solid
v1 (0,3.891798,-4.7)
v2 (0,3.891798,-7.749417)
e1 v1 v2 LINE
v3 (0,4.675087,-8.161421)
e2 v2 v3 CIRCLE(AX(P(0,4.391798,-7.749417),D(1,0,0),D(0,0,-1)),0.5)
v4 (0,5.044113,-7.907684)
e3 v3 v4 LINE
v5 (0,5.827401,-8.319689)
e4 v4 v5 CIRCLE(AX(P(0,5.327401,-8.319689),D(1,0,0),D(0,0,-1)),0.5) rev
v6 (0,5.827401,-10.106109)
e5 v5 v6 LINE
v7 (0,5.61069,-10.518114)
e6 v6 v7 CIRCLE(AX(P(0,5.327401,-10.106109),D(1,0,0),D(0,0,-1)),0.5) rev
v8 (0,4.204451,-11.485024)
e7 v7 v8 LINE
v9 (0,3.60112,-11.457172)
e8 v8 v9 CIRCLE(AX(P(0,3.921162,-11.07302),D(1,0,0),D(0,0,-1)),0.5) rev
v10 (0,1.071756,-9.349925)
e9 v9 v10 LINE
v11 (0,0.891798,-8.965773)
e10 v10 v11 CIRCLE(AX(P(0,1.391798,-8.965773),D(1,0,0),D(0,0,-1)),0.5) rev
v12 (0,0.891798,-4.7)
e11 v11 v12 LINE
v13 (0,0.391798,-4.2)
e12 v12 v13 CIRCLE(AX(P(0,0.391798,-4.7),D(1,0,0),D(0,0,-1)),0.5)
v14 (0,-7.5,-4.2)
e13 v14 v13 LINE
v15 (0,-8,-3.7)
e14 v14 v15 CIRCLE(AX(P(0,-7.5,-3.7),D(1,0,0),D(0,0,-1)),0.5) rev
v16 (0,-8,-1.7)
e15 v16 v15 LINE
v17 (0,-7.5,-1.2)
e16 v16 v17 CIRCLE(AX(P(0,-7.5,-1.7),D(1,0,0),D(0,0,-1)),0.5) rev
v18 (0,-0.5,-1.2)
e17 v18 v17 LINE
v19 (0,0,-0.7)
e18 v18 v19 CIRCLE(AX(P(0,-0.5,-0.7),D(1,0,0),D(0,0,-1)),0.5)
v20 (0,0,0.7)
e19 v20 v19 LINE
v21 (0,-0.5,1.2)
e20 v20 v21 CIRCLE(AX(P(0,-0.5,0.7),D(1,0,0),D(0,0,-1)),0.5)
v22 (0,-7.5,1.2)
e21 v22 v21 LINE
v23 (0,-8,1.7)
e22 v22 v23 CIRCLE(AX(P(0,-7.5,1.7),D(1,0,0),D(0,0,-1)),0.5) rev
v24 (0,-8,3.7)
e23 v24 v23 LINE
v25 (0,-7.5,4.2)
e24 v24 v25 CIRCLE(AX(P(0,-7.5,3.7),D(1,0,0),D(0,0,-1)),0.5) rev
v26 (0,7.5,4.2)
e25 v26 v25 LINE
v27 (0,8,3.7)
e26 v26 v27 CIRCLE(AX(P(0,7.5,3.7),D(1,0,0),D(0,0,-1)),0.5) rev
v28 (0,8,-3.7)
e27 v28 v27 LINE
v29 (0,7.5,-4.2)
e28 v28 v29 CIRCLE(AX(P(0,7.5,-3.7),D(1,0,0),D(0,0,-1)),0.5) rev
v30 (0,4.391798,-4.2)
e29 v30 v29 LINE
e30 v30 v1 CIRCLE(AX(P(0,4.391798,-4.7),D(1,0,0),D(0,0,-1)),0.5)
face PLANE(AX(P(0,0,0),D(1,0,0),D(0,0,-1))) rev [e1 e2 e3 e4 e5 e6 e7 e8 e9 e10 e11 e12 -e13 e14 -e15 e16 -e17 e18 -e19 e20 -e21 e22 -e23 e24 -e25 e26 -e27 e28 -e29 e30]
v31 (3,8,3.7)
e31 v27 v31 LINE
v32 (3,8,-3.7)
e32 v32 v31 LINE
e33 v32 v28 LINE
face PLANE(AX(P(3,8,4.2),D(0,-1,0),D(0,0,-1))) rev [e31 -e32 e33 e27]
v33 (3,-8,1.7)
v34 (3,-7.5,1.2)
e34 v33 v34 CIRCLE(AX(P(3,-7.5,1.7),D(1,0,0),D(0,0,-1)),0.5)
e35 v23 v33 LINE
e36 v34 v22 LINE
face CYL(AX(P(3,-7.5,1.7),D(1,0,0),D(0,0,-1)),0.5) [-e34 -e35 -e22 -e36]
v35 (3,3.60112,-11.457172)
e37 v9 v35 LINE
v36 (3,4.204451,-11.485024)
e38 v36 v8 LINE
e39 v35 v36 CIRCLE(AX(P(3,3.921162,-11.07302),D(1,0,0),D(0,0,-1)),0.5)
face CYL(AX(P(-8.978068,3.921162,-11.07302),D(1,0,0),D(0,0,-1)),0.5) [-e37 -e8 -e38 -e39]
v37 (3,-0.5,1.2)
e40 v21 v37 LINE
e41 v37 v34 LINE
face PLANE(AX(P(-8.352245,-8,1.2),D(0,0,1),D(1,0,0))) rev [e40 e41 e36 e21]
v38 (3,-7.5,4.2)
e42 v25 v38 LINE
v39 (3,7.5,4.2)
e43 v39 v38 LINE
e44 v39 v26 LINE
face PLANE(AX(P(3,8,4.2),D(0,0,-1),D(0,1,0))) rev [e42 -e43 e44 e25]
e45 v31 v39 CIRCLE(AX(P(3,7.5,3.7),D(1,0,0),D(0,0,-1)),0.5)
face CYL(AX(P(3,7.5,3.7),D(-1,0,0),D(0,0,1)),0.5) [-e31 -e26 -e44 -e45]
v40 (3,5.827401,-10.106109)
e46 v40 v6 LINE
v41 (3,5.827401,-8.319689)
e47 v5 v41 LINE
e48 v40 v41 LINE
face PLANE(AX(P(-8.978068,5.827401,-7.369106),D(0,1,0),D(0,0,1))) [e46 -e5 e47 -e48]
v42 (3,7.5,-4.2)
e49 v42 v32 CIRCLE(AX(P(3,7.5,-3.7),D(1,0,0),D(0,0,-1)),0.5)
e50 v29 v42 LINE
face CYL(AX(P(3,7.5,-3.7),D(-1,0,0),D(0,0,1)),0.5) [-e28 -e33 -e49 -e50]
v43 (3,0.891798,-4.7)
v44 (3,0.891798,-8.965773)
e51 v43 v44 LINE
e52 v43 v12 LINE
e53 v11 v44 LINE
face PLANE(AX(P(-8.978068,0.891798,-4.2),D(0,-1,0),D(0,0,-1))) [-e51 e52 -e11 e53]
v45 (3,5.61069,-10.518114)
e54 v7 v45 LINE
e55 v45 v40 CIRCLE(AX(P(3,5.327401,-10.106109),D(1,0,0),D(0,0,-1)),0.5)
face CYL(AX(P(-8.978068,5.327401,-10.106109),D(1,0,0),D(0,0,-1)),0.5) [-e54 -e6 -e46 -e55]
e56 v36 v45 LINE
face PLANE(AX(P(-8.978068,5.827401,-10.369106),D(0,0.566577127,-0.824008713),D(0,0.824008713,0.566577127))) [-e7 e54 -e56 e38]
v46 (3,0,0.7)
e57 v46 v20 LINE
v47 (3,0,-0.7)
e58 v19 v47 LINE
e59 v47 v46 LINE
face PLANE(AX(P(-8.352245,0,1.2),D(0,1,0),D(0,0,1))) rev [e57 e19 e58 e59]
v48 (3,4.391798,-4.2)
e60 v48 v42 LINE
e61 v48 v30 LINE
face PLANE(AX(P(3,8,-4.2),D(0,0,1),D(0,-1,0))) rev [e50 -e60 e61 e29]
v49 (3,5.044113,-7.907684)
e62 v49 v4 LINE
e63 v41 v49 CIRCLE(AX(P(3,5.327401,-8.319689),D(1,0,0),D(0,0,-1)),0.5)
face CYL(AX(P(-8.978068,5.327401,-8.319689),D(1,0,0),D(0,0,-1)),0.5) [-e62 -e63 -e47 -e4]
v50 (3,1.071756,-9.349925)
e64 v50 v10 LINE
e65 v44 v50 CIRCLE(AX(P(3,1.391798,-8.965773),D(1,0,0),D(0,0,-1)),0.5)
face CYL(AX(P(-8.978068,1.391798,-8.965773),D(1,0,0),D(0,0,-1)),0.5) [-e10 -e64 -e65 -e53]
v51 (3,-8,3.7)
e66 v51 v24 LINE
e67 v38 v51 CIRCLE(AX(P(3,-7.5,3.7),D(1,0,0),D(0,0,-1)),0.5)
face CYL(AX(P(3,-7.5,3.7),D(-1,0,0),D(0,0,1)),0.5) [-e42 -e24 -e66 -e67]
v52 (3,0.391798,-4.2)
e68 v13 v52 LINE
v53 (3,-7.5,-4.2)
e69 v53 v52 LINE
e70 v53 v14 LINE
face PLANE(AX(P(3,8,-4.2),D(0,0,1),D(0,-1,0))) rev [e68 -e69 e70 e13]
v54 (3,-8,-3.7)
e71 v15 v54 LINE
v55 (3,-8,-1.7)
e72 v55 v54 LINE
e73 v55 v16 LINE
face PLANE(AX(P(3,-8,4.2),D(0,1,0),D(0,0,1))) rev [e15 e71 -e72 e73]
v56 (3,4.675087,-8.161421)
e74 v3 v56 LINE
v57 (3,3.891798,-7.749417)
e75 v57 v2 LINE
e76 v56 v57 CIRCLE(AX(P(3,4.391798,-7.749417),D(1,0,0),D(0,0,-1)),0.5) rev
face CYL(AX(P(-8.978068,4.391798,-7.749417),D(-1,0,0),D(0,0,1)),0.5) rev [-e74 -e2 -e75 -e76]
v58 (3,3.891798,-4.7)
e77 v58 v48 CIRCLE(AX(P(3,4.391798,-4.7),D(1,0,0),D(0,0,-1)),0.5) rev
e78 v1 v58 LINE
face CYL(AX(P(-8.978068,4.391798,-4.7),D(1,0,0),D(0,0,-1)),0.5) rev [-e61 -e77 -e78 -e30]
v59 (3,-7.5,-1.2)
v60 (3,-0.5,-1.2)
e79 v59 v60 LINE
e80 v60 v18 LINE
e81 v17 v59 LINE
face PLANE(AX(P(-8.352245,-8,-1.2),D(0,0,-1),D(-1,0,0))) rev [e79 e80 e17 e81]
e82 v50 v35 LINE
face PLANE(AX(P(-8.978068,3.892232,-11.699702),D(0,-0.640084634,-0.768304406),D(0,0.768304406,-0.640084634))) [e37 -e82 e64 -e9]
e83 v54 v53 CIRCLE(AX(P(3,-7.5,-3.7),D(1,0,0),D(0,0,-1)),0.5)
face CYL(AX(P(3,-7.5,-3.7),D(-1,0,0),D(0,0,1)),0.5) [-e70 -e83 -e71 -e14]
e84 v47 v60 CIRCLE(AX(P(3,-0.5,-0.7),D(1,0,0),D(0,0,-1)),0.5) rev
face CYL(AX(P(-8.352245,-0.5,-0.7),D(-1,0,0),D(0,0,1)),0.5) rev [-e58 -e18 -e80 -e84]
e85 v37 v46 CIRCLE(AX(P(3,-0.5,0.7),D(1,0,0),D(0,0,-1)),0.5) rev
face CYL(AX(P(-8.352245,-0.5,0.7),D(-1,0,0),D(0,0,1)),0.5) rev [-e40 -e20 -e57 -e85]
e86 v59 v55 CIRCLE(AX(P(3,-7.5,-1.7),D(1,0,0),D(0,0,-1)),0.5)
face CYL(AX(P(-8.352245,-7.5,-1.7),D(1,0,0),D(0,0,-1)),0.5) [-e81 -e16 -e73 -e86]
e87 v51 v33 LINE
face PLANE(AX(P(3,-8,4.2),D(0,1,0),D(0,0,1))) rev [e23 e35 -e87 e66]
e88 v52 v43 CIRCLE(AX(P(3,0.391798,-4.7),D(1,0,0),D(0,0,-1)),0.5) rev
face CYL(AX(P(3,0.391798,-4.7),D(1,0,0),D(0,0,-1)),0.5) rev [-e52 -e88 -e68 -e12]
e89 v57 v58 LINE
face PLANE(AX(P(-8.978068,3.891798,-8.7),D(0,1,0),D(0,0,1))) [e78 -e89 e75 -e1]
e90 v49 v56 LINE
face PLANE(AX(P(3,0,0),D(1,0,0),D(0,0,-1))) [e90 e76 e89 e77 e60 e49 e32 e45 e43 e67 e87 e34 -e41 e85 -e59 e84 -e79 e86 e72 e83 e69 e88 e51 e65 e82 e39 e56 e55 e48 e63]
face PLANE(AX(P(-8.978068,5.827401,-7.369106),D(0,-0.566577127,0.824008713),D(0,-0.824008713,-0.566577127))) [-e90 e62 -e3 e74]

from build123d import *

# Parameters (mm, degrees)
CROQUIS1_W              = 8.4
CROQUIS1_H              = 16
SALIENTE_EXTRUIR1_DEPTH = 3
CROQUIS2_W              = 2.4
CROQUIS2_H              = 8
CORTAR_EXTRUIR1_DEPTH   = 3
SALIENTE_EXTRUIR2_DEPTH = 3
REDONDEO1_R             = 0.5


with BuildPart() as part:
    # Croquis1 → Saliente-Extruir1 (new body)
    with BuildSketch(Plane(origin=(0, 0, 0), x_dir=(0, 0, -1), z_dir=(1, 0, 0))):
        Rectangle(CROQUIS1_W, CROQUIS1_H)
    extrude(amount=SALIENTE_EXTRUIR1_DEPTH)

    # Croquis2 → Cortar-Extruir1 (cut)
    with BuildSketch(Plane(origin=(3, 0, 0), x_dir=(0, 0, -1), z_dir=(1, 0, 0))):
        with Locations((0, -4)):
            Rectangle(CROQUIS2_W, CROQUIS2_H)
    extrude(amount=-CORTAR_EXTRUIR1_DEPTH, mode=Mode.SUBTRACT)

    # Croquis4 → Saliente-Extruir2 (add)
    with BuildSketch(Plane(origin=(3, 0, 0), x_dir=(0, 0, -1), z_dir=(1, 0, 0))):
        Polygon((4.2, 3.891798286), (4.2, 0.891798286), (9.2, 0.891798286), (11.699701561, 3.892232325), (10.369105711, 5.827401467), (7.369105711, 5.827401467), (8.7, 3.891798286), align=None)
    extrude(amount=-SALIENTE_EXTRUIR2_DEPTH)

    # Redondeo1
    redondeo1_edges = [part.edges().sort_by_distance(p)[0] for p in [
        (1.5, -8, 1.2),
        (1.5, 0, 1.2),
        (1.5, 0, -1.2),
        (1.5, -8, -1.2),
        (1.5, 3.891798286, -4.2),
        (1.5, 3.891798286, -8.7),
        (1.5, 5.827401467, -7.369105711),
        (1.5, 5.827401467, -10.369105711),
        (1.5, 3.892232325, -11.699701561),
        (1.5, 0.891798286, -9.2),
        (1.5, 0.891798286, -4.2),
        (1.5, 8, 4.2),
        (1.5, 8, -4.2),
        (1.5, -8, -4.2),
        (1.5, -8, 4.2),
    ]]
    fillet(redondeo1_edges, radius=REDONDEO1_R)


solid = part.part
